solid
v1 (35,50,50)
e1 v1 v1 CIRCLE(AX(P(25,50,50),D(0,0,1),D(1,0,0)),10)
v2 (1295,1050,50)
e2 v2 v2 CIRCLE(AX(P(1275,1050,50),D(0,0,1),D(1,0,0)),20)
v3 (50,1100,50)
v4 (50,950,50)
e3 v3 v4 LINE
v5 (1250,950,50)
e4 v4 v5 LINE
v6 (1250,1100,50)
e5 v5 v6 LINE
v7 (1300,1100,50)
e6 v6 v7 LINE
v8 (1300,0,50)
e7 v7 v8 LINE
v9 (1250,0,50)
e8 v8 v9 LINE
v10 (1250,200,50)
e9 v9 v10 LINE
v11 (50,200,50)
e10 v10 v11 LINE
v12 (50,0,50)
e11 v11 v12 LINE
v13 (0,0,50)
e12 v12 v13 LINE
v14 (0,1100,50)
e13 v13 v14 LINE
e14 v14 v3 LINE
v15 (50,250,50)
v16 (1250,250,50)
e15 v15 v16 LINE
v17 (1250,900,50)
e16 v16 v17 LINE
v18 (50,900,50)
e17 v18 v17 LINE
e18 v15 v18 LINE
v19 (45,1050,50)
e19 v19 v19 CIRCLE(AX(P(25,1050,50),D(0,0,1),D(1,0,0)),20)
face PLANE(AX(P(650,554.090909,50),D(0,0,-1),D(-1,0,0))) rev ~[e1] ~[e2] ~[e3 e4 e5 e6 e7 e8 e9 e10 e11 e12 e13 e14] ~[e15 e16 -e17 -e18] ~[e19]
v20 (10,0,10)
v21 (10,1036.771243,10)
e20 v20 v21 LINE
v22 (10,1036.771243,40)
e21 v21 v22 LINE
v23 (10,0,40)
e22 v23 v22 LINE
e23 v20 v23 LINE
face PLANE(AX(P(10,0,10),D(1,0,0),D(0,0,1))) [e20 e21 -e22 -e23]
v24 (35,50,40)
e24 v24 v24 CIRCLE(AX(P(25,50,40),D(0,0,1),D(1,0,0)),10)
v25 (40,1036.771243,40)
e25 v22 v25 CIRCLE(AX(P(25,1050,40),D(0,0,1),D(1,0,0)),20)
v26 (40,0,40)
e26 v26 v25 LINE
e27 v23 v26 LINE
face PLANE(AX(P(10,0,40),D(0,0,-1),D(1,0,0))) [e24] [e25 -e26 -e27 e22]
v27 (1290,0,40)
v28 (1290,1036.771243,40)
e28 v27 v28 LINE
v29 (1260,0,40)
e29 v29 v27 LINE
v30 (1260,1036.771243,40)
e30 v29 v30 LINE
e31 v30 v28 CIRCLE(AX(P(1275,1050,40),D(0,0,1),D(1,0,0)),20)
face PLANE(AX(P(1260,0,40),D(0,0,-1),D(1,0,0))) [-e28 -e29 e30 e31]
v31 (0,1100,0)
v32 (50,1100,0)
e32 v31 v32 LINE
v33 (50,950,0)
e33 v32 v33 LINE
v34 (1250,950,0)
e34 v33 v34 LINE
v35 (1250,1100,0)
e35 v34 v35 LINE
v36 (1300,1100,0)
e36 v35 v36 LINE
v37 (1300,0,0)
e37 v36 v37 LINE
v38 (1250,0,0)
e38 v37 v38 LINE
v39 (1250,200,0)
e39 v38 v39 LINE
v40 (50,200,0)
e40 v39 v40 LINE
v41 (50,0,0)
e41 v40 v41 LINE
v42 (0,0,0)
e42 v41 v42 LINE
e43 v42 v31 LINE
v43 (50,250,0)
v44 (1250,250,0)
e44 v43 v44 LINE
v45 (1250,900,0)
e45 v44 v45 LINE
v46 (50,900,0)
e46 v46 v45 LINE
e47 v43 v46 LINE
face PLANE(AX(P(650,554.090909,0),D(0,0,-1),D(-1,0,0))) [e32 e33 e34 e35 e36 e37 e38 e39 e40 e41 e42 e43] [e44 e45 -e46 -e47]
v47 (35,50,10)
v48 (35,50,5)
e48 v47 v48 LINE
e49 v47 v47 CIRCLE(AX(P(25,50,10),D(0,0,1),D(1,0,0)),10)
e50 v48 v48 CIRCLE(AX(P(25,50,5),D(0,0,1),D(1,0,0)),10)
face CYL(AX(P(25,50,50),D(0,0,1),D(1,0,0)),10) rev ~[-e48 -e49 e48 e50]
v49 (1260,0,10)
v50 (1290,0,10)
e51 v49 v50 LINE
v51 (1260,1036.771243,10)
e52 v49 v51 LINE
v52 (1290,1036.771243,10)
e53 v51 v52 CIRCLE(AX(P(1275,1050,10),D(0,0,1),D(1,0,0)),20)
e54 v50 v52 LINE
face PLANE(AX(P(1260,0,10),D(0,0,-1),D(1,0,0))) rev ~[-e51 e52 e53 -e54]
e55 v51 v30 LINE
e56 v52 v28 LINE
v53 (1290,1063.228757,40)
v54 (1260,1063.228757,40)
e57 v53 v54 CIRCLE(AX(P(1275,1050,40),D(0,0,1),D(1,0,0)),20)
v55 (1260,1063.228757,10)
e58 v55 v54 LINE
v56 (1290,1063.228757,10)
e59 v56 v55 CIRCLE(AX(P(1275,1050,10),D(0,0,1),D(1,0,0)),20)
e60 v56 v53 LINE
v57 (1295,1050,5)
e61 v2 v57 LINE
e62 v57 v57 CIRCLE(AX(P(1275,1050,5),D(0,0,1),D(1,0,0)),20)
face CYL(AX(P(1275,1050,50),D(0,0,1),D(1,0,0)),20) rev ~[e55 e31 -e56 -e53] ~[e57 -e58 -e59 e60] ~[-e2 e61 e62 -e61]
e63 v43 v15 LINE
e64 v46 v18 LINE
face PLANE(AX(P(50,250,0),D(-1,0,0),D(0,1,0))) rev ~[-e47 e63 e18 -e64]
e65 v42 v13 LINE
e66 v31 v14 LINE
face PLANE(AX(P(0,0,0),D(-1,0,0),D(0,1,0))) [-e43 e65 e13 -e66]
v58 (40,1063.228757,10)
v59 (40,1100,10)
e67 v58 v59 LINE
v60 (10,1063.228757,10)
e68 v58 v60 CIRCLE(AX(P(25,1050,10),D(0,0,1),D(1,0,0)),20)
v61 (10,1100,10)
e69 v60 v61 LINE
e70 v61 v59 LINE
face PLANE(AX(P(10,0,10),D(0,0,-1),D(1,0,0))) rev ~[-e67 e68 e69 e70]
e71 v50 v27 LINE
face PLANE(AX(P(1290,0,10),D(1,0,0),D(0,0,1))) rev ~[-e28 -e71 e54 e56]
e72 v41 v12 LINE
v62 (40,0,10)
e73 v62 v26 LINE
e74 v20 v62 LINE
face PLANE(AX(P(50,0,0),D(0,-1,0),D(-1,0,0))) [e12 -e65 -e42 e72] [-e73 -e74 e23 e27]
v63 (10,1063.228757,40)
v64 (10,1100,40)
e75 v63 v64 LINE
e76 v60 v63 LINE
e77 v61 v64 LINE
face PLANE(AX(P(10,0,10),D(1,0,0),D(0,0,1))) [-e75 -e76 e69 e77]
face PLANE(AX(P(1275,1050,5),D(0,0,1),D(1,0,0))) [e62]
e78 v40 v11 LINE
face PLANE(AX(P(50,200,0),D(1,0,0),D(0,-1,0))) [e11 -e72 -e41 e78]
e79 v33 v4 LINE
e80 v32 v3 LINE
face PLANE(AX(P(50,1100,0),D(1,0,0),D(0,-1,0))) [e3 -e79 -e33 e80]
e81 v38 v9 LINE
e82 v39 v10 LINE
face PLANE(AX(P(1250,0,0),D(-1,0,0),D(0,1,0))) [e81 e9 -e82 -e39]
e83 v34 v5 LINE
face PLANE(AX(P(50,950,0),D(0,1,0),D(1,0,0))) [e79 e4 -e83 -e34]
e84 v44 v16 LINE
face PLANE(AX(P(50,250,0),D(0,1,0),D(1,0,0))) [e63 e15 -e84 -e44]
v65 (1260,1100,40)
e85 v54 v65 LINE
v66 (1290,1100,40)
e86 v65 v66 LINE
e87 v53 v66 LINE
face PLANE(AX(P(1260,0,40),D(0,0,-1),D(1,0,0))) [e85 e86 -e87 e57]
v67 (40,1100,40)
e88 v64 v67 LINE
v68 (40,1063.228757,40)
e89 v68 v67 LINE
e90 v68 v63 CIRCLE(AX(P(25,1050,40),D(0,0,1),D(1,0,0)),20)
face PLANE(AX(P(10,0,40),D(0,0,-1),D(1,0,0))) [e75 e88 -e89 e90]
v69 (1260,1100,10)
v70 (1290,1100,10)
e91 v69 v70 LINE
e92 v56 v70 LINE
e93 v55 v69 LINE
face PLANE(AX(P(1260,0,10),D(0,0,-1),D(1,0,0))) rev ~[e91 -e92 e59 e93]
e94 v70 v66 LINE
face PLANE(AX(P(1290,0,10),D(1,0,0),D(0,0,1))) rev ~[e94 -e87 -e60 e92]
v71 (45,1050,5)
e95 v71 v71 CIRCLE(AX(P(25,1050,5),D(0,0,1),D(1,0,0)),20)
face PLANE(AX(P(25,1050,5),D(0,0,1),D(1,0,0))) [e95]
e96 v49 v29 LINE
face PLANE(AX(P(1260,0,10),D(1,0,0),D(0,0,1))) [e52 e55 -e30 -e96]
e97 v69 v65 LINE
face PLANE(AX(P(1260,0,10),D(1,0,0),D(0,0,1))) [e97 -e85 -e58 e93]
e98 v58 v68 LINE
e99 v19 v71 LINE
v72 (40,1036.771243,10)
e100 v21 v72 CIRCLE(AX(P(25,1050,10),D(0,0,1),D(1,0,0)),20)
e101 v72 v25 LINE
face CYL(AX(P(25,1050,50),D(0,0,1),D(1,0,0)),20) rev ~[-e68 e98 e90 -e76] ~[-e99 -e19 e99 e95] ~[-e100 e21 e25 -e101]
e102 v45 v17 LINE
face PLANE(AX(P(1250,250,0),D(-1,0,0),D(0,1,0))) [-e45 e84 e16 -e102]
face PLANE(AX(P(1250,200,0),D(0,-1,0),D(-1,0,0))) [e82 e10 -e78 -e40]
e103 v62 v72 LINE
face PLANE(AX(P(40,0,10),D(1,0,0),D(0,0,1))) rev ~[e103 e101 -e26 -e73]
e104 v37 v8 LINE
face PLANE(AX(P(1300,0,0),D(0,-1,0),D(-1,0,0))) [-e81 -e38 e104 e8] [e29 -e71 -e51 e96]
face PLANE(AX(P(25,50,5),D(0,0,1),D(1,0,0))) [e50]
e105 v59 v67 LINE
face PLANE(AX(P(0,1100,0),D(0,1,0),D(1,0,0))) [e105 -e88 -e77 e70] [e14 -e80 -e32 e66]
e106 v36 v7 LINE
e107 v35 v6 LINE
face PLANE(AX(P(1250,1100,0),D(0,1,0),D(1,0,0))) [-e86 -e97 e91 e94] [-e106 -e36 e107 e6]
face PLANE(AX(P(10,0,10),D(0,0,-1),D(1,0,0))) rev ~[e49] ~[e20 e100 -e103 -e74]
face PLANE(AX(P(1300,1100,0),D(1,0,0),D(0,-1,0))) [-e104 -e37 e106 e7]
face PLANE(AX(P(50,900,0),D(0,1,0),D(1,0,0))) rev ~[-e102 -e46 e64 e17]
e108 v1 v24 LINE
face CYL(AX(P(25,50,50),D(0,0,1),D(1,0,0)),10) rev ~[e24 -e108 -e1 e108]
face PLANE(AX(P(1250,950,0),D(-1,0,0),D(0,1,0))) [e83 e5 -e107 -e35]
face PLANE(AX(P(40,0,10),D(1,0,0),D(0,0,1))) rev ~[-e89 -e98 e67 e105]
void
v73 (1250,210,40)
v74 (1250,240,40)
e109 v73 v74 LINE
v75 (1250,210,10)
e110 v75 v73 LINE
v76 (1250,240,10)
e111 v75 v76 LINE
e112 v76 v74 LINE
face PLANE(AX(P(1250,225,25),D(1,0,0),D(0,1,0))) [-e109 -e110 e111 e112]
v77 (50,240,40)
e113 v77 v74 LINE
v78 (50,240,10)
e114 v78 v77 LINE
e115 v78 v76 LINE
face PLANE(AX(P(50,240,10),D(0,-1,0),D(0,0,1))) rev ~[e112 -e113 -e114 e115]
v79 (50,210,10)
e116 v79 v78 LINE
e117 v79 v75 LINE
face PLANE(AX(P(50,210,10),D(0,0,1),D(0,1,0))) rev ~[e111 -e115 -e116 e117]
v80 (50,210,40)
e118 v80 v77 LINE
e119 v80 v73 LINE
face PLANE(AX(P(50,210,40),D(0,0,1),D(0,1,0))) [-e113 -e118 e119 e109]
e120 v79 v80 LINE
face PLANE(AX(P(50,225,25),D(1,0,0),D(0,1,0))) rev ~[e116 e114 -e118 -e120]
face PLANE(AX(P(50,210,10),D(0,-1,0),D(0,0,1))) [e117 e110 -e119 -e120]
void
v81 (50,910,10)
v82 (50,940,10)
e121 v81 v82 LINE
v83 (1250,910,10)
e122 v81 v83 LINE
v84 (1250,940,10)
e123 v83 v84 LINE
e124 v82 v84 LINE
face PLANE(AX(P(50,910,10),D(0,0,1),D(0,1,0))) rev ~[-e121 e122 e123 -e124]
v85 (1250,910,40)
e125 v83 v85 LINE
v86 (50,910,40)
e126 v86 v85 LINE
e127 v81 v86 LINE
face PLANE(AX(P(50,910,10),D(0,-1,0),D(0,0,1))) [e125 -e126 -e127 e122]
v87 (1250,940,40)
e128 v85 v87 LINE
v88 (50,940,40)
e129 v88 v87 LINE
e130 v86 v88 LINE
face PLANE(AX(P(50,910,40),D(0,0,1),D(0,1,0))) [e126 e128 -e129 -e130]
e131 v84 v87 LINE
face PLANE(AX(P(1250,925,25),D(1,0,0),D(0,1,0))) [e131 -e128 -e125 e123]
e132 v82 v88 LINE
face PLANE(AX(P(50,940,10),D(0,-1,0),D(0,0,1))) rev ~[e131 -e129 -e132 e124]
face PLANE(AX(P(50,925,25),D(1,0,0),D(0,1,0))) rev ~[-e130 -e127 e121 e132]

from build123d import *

# Parameters (mm, degrees)
SKETCH_W        = 1200
SKETCH_H        = 650
PAD_DEPTH       = 50
SKETCH001_W     = 30
SKETCH001_H     = 30
POCKET_DEPTH    = 1100
SKETCH002_W     = 30
SKETCH002_H     = 30
POCKET001_DEPTH = 1200
SKETCH003_R     = 20
POCKET002_DEPTH = 45
SKETCH004_R     = 10
POCKET003_DEPTH = 45


with BuildPart() as part:
    # Sketch → Pad (new body)
    with BuildSketch(Plane.XY):
        Polygon((0, 0), (0, 1100), (50, 1100), (50, 950), (1250, 950), (1250, 1100), (1300, 1100), (1300, 0), (1250, 0), (1250, 200), (50, 200), (50, 0), align=None)
        with Locations((650, 575)):
            Rectangle(SKETCH_W, SKETCH_H, mode=Mode.SUBTRACT)
    extrude(amount=PAD_DEPTH)

    # Sketch001 (on Face2 of Pad) → Pocket (cut)
    with BuildSketch(Plane.XZ):
        with Locations((25, 25)):
            Rectangle(SKETCH001_W, SKETCH001_H)
        with Locations((1275, 25)):
            Rectangle(SKETCH001_W, SKETCH001_H)
    extrude(amount=-POCKET_DEPTH, mode=Mode.SUBTRACT)

    # Sketch002 (on Face19 of Pocket) → Pocket001 (cut)
    with BuildSketch(Plane.YZ.offset(50)):
        with Locations((225, 25)):
            Rectangle(SKETCH002_W, SKETCH002_H)
        with Locations((925, 25)):
            Rectangle(SKETCH002_W, SKETCH002_H)
    extrude(amount=POCKET001_DEPTH, mode=Mode.SUBTRACT)

    # Sketch003 (on Face5 of Pocket001) → Pocket002 (cut)
    with BuildSketch(Plane.XY.offset(50)):
        with Locations((25, 1050)):
            Circle(SKETCH003_R)
        with Locations((1275, 1050)):
            Circle(SKETCH003_R)
    extrude(amount=-POCKET002_DEPTH, mode=Mode.SUBTRACT)

    # Sketch004 (on Face5 of Pocket002) → Pocket003 (cut)
    with BuildSketch(Plane.XY.offset(50)):
        with Locations((25, 50)):
            Circle(SKETCH004_R)
    extrude(amount=-POCKET003_DEPTH, mode=Mode.SUBTRACT)


solid = part.part
